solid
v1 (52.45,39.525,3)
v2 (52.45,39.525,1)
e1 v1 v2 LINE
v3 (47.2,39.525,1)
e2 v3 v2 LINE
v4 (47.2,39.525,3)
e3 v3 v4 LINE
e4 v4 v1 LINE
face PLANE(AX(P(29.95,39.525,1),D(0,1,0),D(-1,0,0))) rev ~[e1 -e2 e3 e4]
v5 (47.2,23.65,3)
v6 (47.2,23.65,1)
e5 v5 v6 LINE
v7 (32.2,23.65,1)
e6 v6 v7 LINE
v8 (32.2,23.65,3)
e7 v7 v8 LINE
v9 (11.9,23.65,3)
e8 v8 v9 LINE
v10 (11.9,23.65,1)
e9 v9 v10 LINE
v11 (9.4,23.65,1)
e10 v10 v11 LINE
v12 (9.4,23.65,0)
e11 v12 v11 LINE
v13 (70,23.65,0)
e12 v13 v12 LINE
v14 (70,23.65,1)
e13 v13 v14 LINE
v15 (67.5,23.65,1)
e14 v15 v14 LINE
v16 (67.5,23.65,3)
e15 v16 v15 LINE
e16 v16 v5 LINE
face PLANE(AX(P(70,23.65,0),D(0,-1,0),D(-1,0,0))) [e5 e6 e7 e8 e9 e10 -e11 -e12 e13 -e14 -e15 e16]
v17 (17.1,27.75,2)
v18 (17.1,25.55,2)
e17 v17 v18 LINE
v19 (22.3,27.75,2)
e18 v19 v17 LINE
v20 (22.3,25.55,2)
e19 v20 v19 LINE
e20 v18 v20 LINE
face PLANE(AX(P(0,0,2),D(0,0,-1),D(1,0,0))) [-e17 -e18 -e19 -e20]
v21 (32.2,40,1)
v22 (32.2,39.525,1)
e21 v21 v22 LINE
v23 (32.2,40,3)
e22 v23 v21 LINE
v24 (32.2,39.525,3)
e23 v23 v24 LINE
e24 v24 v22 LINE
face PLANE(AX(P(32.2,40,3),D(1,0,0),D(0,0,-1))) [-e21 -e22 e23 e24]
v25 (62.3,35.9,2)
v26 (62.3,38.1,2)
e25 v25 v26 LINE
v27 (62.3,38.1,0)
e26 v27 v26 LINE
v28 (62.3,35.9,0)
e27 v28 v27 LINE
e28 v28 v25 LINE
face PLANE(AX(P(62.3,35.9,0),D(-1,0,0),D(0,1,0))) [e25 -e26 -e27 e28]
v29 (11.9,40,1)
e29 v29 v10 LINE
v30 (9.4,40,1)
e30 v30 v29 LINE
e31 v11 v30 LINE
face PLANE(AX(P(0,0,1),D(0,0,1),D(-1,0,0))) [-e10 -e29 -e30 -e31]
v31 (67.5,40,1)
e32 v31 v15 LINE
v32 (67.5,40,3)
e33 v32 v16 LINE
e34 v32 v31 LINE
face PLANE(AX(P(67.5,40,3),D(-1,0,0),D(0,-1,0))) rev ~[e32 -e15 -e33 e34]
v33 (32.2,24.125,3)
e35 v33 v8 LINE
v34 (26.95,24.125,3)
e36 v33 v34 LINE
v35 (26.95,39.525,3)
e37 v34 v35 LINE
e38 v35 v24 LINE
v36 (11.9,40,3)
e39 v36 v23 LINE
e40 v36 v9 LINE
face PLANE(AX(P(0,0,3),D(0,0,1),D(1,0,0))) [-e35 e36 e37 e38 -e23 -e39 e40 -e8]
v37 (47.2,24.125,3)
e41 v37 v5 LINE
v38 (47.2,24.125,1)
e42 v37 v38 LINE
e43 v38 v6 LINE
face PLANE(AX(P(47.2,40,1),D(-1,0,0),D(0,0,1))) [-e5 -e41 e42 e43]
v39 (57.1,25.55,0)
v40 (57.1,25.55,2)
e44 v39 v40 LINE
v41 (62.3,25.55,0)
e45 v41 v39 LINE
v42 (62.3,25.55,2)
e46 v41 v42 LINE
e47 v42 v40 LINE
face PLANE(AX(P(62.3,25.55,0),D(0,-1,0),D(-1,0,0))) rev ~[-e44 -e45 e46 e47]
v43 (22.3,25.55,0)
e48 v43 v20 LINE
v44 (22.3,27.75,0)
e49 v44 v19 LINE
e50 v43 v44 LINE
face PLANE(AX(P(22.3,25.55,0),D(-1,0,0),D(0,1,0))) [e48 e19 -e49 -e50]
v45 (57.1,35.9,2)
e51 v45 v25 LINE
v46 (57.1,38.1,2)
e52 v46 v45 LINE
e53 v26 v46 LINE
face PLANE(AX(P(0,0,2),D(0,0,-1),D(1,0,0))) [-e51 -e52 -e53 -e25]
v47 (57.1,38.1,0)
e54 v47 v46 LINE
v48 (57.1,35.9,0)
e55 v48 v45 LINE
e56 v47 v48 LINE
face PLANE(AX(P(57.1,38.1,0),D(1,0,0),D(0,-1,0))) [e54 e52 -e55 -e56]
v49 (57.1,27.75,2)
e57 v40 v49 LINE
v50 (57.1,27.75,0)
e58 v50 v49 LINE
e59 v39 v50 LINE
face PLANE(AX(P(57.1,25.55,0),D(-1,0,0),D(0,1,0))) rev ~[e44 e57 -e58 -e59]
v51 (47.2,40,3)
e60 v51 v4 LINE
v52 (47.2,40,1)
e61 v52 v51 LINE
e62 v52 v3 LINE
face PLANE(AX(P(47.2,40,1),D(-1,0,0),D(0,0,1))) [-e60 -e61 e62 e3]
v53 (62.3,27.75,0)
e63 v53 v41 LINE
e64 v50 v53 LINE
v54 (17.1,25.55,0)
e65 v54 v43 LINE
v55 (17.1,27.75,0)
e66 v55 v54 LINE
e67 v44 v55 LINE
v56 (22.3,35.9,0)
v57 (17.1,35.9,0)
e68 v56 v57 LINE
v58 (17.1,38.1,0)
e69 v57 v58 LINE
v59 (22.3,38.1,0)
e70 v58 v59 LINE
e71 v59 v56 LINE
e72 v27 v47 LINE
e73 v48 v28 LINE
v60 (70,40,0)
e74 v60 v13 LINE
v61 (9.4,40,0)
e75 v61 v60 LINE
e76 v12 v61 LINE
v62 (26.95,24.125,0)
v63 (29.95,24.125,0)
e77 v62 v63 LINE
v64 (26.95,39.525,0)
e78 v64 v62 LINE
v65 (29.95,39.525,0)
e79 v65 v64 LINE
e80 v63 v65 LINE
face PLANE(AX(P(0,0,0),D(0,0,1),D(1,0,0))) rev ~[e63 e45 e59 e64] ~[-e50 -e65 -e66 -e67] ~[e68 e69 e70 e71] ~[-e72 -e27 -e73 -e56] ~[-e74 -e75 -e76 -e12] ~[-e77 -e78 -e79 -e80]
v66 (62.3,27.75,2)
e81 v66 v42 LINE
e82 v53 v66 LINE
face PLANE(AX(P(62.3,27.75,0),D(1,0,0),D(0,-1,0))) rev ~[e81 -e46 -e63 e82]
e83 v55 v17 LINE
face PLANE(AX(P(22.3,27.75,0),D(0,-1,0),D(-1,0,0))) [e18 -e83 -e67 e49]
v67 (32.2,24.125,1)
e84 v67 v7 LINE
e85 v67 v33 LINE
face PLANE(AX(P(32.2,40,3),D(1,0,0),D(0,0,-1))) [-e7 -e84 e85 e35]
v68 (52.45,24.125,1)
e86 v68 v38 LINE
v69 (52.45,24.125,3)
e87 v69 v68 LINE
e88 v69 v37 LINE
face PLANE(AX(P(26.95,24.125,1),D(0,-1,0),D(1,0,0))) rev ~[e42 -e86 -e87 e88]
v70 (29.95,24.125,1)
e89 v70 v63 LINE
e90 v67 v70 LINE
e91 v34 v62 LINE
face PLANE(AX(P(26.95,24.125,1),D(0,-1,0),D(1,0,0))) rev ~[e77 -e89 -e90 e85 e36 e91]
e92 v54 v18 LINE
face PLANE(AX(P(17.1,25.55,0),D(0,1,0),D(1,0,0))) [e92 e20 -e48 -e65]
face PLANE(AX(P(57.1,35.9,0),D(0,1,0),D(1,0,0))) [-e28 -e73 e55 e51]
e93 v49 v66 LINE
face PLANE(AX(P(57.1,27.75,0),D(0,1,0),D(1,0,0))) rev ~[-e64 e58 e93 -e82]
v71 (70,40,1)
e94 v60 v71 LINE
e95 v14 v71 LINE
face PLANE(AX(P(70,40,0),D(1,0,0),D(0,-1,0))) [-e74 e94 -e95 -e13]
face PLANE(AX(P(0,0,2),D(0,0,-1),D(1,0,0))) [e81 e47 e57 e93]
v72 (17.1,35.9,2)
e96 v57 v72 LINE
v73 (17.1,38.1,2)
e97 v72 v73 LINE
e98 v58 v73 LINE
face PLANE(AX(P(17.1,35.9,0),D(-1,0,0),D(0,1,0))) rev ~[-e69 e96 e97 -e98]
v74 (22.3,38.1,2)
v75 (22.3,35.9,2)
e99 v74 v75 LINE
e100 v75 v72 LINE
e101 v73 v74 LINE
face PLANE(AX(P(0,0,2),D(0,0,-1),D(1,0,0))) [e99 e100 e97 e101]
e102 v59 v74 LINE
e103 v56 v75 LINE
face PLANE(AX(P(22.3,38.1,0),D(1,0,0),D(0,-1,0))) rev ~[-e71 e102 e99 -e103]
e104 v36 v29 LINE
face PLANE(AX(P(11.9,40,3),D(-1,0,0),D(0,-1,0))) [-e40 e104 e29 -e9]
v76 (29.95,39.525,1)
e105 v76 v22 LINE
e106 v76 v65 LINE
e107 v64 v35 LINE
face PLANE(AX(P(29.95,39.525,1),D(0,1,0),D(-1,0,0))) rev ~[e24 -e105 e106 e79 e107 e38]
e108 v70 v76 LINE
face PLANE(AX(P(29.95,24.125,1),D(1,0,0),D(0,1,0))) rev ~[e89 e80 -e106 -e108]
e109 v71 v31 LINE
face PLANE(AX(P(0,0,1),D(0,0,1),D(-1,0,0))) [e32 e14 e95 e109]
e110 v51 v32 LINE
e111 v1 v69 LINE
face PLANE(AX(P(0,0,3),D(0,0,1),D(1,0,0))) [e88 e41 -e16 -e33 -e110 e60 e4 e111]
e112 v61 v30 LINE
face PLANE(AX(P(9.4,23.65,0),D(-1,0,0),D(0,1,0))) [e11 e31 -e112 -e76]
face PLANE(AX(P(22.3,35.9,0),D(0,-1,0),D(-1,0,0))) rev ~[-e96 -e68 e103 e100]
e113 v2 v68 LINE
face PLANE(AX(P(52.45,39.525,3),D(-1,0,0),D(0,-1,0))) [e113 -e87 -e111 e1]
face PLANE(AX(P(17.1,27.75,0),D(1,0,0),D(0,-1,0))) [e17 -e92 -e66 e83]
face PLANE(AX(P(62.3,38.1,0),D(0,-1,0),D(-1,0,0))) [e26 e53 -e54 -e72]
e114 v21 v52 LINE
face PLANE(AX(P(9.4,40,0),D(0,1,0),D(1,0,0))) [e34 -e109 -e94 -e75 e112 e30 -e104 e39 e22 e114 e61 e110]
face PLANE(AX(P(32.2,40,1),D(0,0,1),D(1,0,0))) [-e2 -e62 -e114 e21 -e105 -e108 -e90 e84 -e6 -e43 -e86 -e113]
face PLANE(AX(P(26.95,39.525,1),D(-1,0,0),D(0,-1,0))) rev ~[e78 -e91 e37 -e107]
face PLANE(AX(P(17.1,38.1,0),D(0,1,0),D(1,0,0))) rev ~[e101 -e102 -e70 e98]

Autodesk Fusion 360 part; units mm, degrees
sketch "Esquisse1" plane through (0, 0, 0) normal (0, 0, 1) x (1, 0, 0)
  line L0 (9.4, 40) -> (70, 40)
  line L1 (70, 40) -> (70, 23.65)
  line L2 (70, 23.65) -> (9.4, 23.65)
  line L3 (9.4, 23.65) -> (9.4, 40)
  dimension "d1" = 60.6
  dimension "d2" = 16.35
extrude "Extrusion1" add sketch "Esquisse1" along normal blind 3
sketch "Esquisse2" plane through (0, 0, 0) normal (0, 0, -1) x (1, 0, 0)
  line L0 (70, -23.65) -> (9.4, -23.65)
  line L1 (9.4, -23.65) -> (9.4, -40)
  line L2 (9.4, -40) -> (70, -40)
  line L3 (70, -40) -> (70, -23.65)
  line L4 (17.1, -25.55) -> (22.3, -25.55)
  line L5 (22.3, -25.55) -> (22.3, -27.75)
  line L6 (22.3, -27.75) -> (17.1, -27.75)
  line L7 (17.1, -27.75) -> (17.1, -25.55)
  line L8 (19.7, -25.55) -> (19.7, -27.75) construction
  line L9 (39.7, -23.65) -> (39.7, -40) construction
  line L10 (57.1, -25.55) -> (57.1, -27.75)
  line L11 (62.3, -25.55) -> (57.1, -25.55)
  line L12 (62.3, -27.75) -> (62.3, -25.55)
  line L13 (57.1, -27.75) -> (62.3, -27.75)
  line L14 (9.4, -31.825) -> (70, -31.825) construction
  line L15 (17.1, -38.1) -> (22.3, -38.1)
  line L16 (22.3, -38.1) -> (22.3, -35.9)
  line L17 (22.3, -35.9) -> (17.1, -35.9)
  line L18 (17.1, -35.9) -> (17.1, -38.1)
  line L19 (62.3, -38.1) -> (57.1, -38.1)
  line L20 (62.3, -35.9) -> (62.3, -38.1)
  line L21 (57.1, -35.9) -> (62.3, -35.9)
  line L22 (57.1, -38.1) -> (57.1, -35.9)
  dimension "d5" = 20
  dimension "d12" = 5.2
  dimension "d13" = 2.2
  dimension "d14" = 1.9
extrude "Extrusion2" cut sketch "Esquisse2" against normal blind 2 contours L4 L5 L6 L7 | L10 L11 L12 L13 | L15 L16 L17 L18 | L19 L20 L21 L22
sketch "Esquisse3" plane through (0, 0, 3) normal (0, 0, 1) x (-1, 0, 0)
  line L0 (-9.4, -23.65) -> (-70, -23.65)
  line L1 (-70, -23.65) -> (-70, -40)
  line L2 (-70, -40) -> (-9.4, -40)
  line L3 (-9.4, -40) -> (-9.4, -23.65)
  line L4 (-26.95, -39.525) -> (-52.45, -39.525)
  line L5 (-52.45, -39.525) -> (-52.45, -24.125)
  line L6 (-52.45, -24.125) -> (-26.95, -24.125)
  line L7 (-26.95, -24.125) -> (-26.95, -39.525)
  line L8 (-9.4, -31.825) -> (-70, -31.825) construction
  line L9 (-39.7, -40) -> (-39.7, -23.65) construction
  dimension "d8" = 25.5
  dimension "d9" = 15.4
extrude "Extrusion3" cut sketch "Esquisse3" against normal blind 2 contours L4 L5 L6 L7
sketch "Esquisse4" plane through (0, 0, 1) normal (0, 0, 1) x (-1, 0, 0)
  line L0 (-26.95, -24.125) -> (-52.45, -24.125)
  line L1 (-52.45, -24.125) -> (-52.45, -39.525)
  line L2 (-52.45, -39.525) -> (-26.95, -39.525)
  line L3 (-26.95, -39.525) -> (-26.95, -24.125)
  line L4 (-26.95, -24.125) -> (-29.95, -24.125)
  line L5 (-29.95, -24.125) -> (-29.95, -39.525)
  line L6 (-29.95, -39.525) -> (-26.95, -39.525)
  line L7 (-26.95, -39.525) -> (-26.95, -24.125)
  dimension "d15" = 3
extrude "Extrusion4" cut sketch "Esquisse4" against normal blind 3 contours L0 L2 L3 L4 L5 L6 L7
sketch "Esquisse5" plane through (0, 40, 0) normal (0, 1, 0) x (-1, 0, 0)
  line L0 (-70, 0) -> (-9.4, 0)
  line L1 (-9.4, 0) -> (-9.4, 3)
  line L2 (-9.4, 3) -> (-70, 3)
  line L3 (-70, 3) -> (-70, 0)
  line L4 (-39.7, 3) -> (-39.7, 0) construction
  line L5 (-47.2, 3) -> (-32.2, 3)
  line L6 (-32.2, 3) -> (-32.2, 1)
  line L7 (-32.2, 1) -> (-47.2, 1)
  line L8 (-47.2, 1) -> (-47.2, 3)
  dimension "d18" = 15
  dimension "d19" = 2
extrude "Extrusion5" cut sketch "Esquisse5" against normal blind 21 contours L2 L5 L6 L7 L8
sketch "Esquisse6" plane through (0, 0, 3) normal (0, 0, 1) x (-1, 0, 0)
  line L0 (-47.2, -24.125) -> (-47.2, -23.65)
  line L1 (-47.2, -23.65) -> (-70, -23.65)
  line L2 (-70, -23.65) -> (-70, -40)
  line L3 (-70, -40) -> (-47.2, -40)
  line L4 (-47.2, -40) -> (-47.2, -39.525)
  line L5 (-47.2, -39.525) -> (-52.45, -39.525)
  line L6 (-52.45, -39.525) -> (-52.45, -24.125)
  line L7 (-52.45, -24.125) -> (-47.2, -24.125)
  line L8 (-70, -40) -> (-67.5, -40)
  line L9 (-67.5, -40) -> (-67.5, -23.65)
  line L10 (-67.5, -23.65) -> (-70, -23.65)
  line L11 (-70, -23.65) -> (-70, -40)
  line L12 (-39.7, -39) -> (-39.7, -18) construction
  line L13 (-9.4, -23.65) -> (-9.4, -40)
  line L14 (-11.9, -23.65) -> (-9.4, -23.65)
  line L15 (-11.9, -40) -> (-11.9, -23.65)
  line L16 (-9.4, -40) -> (-11.9, -40)
  dimension "d22" = 2.5
  dimension "d23" = 30.3
extrude "Extrusion6" cut sketch "Esquisse6" against normal blind 2 contours L1 L2 L3 L8 L9 L10 L11 | L13 L14 L15 L16
